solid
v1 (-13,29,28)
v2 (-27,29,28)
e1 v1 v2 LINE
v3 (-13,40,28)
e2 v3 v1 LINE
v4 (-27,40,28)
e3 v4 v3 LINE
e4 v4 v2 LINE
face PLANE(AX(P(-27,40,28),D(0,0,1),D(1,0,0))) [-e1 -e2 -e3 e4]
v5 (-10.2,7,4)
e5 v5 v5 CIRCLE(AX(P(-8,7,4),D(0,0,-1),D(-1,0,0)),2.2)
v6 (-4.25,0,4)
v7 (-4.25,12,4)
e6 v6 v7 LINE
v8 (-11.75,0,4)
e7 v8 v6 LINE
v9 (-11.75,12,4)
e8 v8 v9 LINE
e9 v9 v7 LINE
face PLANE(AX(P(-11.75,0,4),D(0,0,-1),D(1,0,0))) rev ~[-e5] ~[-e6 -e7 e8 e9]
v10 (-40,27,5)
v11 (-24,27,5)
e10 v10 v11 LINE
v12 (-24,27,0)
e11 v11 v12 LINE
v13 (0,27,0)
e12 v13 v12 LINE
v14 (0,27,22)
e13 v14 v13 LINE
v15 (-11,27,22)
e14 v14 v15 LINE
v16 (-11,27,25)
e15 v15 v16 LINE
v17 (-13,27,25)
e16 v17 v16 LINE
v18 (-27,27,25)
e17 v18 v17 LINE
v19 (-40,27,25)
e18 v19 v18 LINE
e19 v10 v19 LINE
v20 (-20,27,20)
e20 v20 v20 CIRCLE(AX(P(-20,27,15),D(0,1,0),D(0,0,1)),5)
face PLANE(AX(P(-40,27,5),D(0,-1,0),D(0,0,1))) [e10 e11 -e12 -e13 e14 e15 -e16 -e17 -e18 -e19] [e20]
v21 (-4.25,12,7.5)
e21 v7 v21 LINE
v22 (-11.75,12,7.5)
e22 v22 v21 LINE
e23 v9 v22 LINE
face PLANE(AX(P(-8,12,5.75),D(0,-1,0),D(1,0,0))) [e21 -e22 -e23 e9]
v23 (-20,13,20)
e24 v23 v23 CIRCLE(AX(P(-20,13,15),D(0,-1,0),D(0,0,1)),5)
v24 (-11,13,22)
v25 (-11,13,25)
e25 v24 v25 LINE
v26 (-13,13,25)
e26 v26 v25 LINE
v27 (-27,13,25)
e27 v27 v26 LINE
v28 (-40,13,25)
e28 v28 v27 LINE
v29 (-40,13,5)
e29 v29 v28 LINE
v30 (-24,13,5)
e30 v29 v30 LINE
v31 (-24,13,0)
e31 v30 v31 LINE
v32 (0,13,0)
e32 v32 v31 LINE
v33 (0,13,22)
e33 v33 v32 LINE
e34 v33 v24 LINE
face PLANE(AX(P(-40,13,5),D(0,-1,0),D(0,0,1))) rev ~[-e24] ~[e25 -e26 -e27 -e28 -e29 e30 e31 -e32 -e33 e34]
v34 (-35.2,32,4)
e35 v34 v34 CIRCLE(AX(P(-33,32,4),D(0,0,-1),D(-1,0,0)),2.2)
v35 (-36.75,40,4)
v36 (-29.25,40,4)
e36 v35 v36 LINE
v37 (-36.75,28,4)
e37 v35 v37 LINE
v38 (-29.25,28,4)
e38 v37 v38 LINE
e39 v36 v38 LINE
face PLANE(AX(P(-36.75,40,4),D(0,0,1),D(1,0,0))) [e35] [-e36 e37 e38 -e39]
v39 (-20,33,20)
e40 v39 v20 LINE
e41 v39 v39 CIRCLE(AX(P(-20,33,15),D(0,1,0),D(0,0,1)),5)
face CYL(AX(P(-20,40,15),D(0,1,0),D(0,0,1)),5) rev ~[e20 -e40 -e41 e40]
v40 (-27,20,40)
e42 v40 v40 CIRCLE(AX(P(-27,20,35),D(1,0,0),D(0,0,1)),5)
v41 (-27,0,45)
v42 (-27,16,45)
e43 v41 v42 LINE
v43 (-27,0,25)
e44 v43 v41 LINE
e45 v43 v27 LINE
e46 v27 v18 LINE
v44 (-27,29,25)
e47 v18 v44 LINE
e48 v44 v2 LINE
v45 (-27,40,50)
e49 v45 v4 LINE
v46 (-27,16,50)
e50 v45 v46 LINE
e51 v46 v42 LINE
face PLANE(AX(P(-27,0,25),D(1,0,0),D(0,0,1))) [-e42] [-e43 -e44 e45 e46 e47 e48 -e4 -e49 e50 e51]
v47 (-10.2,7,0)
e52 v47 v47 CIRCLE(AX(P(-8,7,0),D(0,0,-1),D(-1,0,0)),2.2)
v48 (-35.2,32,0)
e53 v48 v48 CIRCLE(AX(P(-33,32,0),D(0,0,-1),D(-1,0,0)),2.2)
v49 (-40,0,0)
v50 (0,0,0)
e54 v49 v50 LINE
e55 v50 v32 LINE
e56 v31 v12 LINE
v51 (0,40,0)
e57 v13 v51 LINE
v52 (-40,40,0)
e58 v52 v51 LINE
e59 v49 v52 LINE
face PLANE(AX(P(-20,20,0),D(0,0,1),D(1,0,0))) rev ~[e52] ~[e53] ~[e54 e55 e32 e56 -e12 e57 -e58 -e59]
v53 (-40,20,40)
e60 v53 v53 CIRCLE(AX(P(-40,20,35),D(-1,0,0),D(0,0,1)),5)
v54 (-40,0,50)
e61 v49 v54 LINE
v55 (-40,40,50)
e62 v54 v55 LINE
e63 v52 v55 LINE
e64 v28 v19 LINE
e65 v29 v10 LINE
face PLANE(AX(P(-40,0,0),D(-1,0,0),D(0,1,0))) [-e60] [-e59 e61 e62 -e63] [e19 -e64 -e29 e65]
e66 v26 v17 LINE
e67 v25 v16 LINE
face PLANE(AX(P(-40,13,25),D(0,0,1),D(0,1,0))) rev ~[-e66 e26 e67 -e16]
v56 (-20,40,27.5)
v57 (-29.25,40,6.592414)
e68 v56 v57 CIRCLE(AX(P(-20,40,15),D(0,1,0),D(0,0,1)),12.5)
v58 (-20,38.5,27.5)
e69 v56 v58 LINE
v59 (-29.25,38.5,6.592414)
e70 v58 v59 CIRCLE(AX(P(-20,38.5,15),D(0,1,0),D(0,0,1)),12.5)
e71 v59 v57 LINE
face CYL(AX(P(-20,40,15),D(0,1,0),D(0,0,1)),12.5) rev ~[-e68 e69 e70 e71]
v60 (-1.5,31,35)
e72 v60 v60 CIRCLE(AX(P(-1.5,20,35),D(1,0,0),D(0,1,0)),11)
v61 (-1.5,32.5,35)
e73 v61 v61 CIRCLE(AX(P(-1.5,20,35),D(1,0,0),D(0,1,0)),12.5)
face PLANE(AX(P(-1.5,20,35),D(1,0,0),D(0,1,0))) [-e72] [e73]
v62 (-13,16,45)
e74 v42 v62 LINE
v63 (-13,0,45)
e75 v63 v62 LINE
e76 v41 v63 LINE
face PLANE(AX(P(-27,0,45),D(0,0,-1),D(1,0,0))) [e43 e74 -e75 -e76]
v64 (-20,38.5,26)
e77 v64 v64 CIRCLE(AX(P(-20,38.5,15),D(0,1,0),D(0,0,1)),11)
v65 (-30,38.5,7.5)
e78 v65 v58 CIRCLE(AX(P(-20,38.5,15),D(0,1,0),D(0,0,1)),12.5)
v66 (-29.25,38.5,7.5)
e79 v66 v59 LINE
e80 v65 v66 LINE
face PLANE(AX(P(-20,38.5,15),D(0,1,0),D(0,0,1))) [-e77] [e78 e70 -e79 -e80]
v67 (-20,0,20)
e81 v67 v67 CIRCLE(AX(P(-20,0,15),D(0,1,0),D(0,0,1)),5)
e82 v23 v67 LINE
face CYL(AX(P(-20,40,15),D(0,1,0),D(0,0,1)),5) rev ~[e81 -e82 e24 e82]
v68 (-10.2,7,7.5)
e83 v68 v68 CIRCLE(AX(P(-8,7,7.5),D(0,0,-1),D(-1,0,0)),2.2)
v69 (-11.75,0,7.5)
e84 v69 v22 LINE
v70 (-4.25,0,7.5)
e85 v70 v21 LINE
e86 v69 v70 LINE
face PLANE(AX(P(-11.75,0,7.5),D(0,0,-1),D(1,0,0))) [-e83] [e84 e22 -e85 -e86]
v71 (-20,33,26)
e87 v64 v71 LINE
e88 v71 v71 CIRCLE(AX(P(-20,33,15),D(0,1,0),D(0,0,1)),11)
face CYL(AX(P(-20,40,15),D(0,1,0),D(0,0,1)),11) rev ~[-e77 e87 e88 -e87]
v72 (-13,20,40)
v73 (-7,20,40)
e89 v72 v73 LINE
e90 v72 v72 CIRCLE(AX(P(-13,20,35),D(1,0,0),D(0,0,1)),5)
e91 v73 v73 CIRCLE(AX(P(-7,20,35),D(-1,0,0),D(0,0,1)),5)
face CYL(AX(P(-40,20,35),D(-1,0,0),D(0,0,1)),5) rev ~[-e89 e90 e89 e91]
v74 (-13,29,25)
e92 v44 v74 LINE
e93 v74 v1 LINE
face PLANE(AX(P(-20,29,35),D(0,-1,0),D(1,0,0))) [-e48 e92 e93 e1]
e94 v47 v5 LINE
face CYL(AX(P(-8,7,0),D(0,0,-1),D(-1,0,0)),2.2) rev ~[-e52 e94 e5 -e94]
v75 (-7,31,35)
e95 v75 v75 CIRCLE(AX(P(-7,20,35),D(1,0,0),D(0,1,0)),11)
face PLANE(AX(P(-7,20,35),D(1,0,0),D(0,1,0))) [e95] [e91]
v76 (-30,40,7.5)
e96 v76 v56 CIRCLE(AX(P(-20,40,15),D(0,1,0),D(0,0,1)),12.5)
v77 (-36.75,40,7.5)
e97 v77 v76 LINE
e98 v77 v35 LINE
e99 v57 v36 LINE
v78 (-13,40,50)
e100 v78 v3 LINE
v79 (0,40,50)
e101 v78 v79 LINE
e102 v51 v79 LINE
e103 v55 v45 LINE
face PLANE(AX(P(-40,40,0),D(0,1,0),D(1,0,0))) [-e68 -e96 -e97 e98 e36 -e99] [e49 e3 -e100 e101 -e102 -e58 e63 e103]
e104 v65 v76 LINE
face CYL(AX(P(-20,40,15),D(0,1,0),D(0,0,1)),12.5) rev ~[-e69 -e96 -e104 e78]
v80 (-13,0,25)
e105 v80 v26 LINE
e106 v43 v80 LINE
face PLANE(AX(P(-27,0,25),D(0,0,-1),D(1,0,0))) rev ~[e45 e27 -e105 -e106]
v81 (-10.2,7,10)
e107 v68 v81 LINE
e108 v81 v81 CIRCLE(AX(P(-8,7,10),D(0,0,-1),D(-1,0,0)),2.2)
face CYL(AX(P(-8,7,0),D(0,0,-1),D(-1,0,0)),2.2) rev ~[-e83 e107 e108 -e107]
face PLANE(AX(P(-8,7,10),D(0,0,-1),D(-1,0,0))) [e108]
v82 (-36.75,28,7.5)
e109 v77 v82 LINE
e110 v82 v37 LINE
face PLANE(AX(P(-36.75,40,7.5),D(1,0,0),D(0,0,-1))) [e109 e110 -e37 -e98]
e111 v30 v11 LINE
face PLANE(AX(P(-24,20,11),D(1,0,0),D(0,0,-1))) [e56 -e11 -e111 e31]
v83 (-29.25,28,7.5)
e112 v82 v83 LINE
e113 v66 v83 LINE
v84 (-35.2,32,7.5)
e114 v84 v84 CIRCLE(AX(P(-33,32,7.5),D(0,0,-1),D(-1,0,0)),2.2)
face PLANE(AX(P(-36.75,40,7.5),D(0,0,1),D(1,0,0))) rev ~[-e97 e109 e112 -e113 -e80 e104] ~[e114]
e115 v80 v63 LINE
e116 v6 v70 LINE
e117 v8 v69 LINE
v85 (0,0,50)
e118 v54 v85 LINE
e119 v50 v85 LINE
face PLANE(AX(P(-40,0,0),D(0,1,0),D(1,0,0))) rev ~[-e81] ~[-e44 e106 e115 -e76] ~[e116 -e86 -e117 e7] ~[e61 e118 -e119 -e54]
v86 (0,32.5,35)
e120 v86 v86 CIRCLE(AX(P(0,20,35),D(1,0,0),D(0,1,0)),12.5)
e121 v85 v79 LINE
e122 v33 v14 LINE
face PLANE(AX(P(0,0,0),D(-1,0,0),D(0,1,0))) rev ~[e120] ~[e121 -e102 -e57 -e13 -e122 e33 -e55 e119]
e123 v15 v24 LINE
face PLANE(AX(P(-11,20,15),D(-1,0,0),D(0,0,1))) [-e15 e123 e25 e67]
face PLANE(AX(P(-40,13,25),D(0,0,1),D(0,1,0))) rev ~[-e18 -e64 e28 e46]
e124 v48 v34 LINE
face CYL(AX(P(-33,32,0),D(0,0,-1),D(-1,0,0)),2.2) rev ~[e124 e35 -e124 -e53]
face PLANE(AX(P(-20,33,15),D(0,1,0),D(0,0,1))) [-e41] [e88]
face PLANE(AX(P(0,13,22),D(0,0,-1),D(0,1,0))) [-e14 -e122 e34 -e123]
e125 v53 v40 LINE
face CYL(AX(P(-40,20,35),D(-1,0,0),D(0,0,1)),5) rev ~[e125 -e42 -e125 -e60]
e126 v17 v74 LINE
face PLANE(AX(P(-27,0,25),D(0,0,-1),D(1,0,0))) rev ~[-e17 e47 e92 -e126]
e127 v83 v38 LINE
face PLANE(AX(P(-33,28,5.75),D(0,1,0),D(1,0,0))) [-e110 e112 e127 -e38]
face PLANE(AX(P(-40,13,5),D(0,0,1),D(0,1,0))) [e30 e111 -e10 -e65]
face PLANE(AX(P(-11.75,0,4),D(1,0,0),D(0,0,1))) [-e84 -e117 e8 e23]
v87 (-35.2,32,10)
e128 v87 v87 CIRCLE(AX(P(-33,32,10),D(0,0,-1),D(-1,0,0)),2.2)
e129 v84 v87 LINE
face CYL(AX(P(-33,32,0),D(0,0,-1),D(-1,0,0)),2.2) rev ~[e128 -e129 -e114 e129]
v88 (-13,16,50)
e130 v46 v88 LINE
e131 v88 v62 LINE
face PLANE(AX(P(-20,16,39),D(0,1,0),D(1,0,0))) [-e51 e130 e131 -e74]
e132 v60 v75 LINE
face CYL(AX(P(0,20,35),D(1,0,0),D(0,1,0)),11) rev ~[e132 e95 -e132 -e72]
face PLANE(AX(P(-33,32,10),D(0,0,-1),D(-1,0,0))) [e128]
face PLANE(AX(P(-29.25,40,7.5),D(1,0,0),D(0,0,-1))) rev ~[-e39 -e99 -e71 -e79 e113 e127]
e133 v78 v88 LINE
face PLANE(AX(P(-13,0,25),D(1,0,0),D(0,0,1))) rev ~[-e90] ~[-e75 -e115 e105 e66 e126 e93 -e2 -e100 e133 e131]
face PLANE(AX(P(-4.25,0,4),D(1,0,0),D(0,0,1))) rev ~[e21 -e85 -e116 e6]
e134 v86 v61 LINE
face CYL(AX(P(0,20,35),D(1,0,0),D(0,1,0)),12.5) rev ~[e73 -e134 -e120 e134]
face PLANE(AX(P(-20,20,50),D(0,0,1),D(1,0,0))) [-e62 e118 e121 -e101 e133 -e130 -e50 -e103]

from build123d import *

# Parameters (mm, degrees)
ESQUISSE1_W              = 40
ESQUISSE1_H              = 40
BOSS_EXTRU_1_DEPTH       = 50
ESQUISSE2_R              = 5
ENL_V_MAT_EXTRU_1_DEPTH  = 41
ESQUISSE3_R              = 5
ENL_V_MAT_EXTRU_2_DEPTH  = 41
ESQUISSE4_W              = 20
ESQUISSE4_H              = 14
ENL_V_MAT_EXTRU_3_DEPTH  = 29
ESQUISSE5_W              = 14
ESQUISSE5_H              = 20
ENL_V_MAT_EXTRU_4_DEPTH  = 29
ESQUISSE6_W              = 22
ESQUISSE6_H              = 14
ENL_V_MAT_EXTRU_5_DEPTH  = 24
ESQUISSE7_W              = 14
ESQUISSE7_H              = 22
ENL_V_MAT_EXTRU_6_DEPTH  = 24
ESQUISSE8_R              = 11
ENL_V_MAT_EXTRU_7_DEPTH  = 7
ESQUISSE9_R              = 12.5
ENL_V_MAT_EXTRU_8_DEPTH  = 1.5
ESQUISSE10_R             = 11
ENL_V_MAT_EXTRU_9_DEPTH  = 7
ESQUISSE11_R             = 12.5
ENL_V_MAT_EXTRU_10_DEPTH = 1.5
ESQUISSE13_R             = 2.2
ENL_V_MAT_EXTRU_11_DEPTH = 10
ESQUISSE15_W             = 7.5
ESQUISSE15_H             = 3.5
ENL_V_MAT_EXTRU_13_DEPTH = 12
ESQUISSE16_W             = 7.5
ESQUISSE16_H             = 3.5
ENL_V_MAT_EXTRU_14_DEPTH = 12


with BuildPart() as part:
    # Esquisse1 → Boss.-Extru.1 (new body)
    with BuildSketch(Plane.XY):
        with Locations((-20, 20)):
            Rectangle(ESQUISSE1_W, ESQUISSE1_H)
    extrude(amount=BOSS_EXTRU_1_DEPTH)

    # Esquisse2 → Enlèv. mat.-Extru.1 (cut, through all)
    with BuildSketch(Plane(origin=(0, 40, 0), x_dir=(1, 0, 0), z_dir=(0, 1, 0))):
        with Locations(Location((-20, -15, 0), (0, 0, 270))):  # turned: the seam where the file's is
            Circle(ESQUISSE2_R)
    extrude(amount=-ENL_V_MAT_EXTRU_1_DEPTH, mode=Mode.SUBTRACT)

    # Esquisse3 → Enlèv. mat.-Extru.2 (cut, through all)
    with BuildSketch(Plane.ZY.offset(40)):
        with Locations((35, 20)):
            Circle(ESQUISSE3_R)
    extrude(amount=-ENL_V_MAT_EXTRU_2_DEPTH, mode=Mode.SUBTRACT)

    # Esquisse4 → Enlèv. mat.-Extru.3 (cut)
    with BuildSketch(Plane.ZY.offset(40)):
        with Locations((15, 20)):
            Rectangle(ESQUISSE4_W, ESQUISSE4_H)
    extrude(amount=-ENL_V_MAT_EXTRU_3_DEPTH, mode=Mode.SUBTRACT)

    # Esquisse5 → Enlèv. mat.-Extru.4 (cut)
    with BuildSketch(Plane.XZ):
        with Locations((-20, 35)):
            Rectangle(ESQUISSE5_W, ESQUISSE5_H)
    extrude(amount=-ENL_V_MAT_EXTRU_4_DEPTH, mode=Mode.SUBTRACT)

    # Esquisse6 → Enlèv. mat.-Extru.5 (cut)
    with BuildSketch(Plane(origin=(0, 0, 0), x_dir=(0, 0, -1), z_dir=(1, 0, 0))):
        with Locations((-11, 20)):
            Rectangle(ESQUISSE6_W, ESQUISSE6_H)
    extrude(amount=-ENL_V_MAT_EXTRU_5_DEPTH, mode=Mode.SUBTRACT)

    # Esquisse7 → Enlèv. mat.-Extru.6 (cut)
    with BuildSketch(Plane(origin=(0, 40, 0), x_dir=(1, 0, 0), z_dir=(0, 1, 0))):
        with Locations((-20, -39)):
            Rectangle(ESQUISSE7_W, ESQUISSE7_H)
    extrude(amount=-ENL_V_MAT_EXTRU_6_DEPTH, mode=Mode.SUBTRACT)

    # Esquisse8 → Enlèv. mat.-Extru.7 (cut)
    with BuildSketch(Plane(origin=(0, 0, 0), x_dir=(0, 0, -1), z_dir=(1, 0, 0))):
        with Locations(Location((-35, 20, 0), (0, 0, 90))):  # turned: the seam where the file's is
            Circle(ESQUISSE8_R)
    extrude(amount=-ENL_V_MAT_EXTRU_7_DEPTH, mode=Mode.SUBTRACT)

    # Esquisse9 → Enlèv. mat.-Extru.8 (cut)
    with BuildSketch(Plane(origin=(0, 0, 0), x_dir=(0, 0, -1), z_dir=(1, 0, 0))):
        with Locations(Location((-35, 20, 0), (0, 0, 90))):  # turned: the seam where the file's is
            Circle(ESQUISSE9_R)
    extrude(amount=-ENL_V_MAT_EXTRU_8_DEPTH, mode=Mode.SUBTRACT)

    # Esquisse10 → Enlèv. mat.-Extru.9 (cut)
    with BuildSketch(Plane(origin=(0, 40, 0), x_dir=(1, 0, 0), z_dir=(0, 1, 0))):
        with Locations(Location((-20, -15, 0), (0, 0, 270))):  # turned: the seam where the file's is
            Circle(ESQUISSE10_R)
    extrude(amount=-ENL_V_MAT_EXTRU_9_DEPTH, mode=Mode.SUBTRACT)

    # Esquisse11 → Enlèv. mat.-Extru.10 (cut)
    with BuildSketch(Plane(origin=(0, 40, 0), x_dir=(1, 0, 0), z_dir=(0, 1, 0))):
        with Locations(Location((-20, -15, 0), (0, 0, 270))):  # turned: the seam where the file's is
            Circle(ESQUISSE11_R)
    extrude(amount=-ENL_V_MAT_EXTRU_10_DEPTH, mode=Mode.SUBTRACT)

    # Esquisse13 → Enlèv. mat.-Extru.11 (cut)
    with BuildSketch(Plane(origin=(0, 0, 0), x_dir=(-1, 0, 0), z_dir=(0, 0, -1))):
        with Locations((33, 32)):
            Circle(ESQUISSE13_R)
        with Locations((8, 7)):
            Circle(ESQUISSE13_R)
    extrude(amount=-ENL_V_MAT_EXTRU_11_DEPTH, mode=Mode.SUBTRACT)

    # Esquisse15 → Enlèv. mat.-Extru.13 (cut)
    with BuildSketch(Plane(origin=(0, 40, 0), x_dir=(1, 0, 0), z_dir=(0, 1, 0))):
        with Locations((-33, -5.75)):
            Rectangle(ESQUISSE15_W, ESQUISSE15_H)
    extrude(amount=-ENL_V_MAT_EXTRU_13_DEPTH, mode=Mode.SUBTRACT)

    # Esquisse16 → Enlèv. mat.-Extru.14 (cut)
    with BuildSketch(Plane.XZ):
        with Locations((-8, 5.75)):
            Rectangle(ESQUISSE16_W, ESQUISSE16_H)
    extrude(amount=-ENL_V_MAT_EXTRU_14_DEPTH, mode=Mode.SUBTRACT)


solid = part.part
